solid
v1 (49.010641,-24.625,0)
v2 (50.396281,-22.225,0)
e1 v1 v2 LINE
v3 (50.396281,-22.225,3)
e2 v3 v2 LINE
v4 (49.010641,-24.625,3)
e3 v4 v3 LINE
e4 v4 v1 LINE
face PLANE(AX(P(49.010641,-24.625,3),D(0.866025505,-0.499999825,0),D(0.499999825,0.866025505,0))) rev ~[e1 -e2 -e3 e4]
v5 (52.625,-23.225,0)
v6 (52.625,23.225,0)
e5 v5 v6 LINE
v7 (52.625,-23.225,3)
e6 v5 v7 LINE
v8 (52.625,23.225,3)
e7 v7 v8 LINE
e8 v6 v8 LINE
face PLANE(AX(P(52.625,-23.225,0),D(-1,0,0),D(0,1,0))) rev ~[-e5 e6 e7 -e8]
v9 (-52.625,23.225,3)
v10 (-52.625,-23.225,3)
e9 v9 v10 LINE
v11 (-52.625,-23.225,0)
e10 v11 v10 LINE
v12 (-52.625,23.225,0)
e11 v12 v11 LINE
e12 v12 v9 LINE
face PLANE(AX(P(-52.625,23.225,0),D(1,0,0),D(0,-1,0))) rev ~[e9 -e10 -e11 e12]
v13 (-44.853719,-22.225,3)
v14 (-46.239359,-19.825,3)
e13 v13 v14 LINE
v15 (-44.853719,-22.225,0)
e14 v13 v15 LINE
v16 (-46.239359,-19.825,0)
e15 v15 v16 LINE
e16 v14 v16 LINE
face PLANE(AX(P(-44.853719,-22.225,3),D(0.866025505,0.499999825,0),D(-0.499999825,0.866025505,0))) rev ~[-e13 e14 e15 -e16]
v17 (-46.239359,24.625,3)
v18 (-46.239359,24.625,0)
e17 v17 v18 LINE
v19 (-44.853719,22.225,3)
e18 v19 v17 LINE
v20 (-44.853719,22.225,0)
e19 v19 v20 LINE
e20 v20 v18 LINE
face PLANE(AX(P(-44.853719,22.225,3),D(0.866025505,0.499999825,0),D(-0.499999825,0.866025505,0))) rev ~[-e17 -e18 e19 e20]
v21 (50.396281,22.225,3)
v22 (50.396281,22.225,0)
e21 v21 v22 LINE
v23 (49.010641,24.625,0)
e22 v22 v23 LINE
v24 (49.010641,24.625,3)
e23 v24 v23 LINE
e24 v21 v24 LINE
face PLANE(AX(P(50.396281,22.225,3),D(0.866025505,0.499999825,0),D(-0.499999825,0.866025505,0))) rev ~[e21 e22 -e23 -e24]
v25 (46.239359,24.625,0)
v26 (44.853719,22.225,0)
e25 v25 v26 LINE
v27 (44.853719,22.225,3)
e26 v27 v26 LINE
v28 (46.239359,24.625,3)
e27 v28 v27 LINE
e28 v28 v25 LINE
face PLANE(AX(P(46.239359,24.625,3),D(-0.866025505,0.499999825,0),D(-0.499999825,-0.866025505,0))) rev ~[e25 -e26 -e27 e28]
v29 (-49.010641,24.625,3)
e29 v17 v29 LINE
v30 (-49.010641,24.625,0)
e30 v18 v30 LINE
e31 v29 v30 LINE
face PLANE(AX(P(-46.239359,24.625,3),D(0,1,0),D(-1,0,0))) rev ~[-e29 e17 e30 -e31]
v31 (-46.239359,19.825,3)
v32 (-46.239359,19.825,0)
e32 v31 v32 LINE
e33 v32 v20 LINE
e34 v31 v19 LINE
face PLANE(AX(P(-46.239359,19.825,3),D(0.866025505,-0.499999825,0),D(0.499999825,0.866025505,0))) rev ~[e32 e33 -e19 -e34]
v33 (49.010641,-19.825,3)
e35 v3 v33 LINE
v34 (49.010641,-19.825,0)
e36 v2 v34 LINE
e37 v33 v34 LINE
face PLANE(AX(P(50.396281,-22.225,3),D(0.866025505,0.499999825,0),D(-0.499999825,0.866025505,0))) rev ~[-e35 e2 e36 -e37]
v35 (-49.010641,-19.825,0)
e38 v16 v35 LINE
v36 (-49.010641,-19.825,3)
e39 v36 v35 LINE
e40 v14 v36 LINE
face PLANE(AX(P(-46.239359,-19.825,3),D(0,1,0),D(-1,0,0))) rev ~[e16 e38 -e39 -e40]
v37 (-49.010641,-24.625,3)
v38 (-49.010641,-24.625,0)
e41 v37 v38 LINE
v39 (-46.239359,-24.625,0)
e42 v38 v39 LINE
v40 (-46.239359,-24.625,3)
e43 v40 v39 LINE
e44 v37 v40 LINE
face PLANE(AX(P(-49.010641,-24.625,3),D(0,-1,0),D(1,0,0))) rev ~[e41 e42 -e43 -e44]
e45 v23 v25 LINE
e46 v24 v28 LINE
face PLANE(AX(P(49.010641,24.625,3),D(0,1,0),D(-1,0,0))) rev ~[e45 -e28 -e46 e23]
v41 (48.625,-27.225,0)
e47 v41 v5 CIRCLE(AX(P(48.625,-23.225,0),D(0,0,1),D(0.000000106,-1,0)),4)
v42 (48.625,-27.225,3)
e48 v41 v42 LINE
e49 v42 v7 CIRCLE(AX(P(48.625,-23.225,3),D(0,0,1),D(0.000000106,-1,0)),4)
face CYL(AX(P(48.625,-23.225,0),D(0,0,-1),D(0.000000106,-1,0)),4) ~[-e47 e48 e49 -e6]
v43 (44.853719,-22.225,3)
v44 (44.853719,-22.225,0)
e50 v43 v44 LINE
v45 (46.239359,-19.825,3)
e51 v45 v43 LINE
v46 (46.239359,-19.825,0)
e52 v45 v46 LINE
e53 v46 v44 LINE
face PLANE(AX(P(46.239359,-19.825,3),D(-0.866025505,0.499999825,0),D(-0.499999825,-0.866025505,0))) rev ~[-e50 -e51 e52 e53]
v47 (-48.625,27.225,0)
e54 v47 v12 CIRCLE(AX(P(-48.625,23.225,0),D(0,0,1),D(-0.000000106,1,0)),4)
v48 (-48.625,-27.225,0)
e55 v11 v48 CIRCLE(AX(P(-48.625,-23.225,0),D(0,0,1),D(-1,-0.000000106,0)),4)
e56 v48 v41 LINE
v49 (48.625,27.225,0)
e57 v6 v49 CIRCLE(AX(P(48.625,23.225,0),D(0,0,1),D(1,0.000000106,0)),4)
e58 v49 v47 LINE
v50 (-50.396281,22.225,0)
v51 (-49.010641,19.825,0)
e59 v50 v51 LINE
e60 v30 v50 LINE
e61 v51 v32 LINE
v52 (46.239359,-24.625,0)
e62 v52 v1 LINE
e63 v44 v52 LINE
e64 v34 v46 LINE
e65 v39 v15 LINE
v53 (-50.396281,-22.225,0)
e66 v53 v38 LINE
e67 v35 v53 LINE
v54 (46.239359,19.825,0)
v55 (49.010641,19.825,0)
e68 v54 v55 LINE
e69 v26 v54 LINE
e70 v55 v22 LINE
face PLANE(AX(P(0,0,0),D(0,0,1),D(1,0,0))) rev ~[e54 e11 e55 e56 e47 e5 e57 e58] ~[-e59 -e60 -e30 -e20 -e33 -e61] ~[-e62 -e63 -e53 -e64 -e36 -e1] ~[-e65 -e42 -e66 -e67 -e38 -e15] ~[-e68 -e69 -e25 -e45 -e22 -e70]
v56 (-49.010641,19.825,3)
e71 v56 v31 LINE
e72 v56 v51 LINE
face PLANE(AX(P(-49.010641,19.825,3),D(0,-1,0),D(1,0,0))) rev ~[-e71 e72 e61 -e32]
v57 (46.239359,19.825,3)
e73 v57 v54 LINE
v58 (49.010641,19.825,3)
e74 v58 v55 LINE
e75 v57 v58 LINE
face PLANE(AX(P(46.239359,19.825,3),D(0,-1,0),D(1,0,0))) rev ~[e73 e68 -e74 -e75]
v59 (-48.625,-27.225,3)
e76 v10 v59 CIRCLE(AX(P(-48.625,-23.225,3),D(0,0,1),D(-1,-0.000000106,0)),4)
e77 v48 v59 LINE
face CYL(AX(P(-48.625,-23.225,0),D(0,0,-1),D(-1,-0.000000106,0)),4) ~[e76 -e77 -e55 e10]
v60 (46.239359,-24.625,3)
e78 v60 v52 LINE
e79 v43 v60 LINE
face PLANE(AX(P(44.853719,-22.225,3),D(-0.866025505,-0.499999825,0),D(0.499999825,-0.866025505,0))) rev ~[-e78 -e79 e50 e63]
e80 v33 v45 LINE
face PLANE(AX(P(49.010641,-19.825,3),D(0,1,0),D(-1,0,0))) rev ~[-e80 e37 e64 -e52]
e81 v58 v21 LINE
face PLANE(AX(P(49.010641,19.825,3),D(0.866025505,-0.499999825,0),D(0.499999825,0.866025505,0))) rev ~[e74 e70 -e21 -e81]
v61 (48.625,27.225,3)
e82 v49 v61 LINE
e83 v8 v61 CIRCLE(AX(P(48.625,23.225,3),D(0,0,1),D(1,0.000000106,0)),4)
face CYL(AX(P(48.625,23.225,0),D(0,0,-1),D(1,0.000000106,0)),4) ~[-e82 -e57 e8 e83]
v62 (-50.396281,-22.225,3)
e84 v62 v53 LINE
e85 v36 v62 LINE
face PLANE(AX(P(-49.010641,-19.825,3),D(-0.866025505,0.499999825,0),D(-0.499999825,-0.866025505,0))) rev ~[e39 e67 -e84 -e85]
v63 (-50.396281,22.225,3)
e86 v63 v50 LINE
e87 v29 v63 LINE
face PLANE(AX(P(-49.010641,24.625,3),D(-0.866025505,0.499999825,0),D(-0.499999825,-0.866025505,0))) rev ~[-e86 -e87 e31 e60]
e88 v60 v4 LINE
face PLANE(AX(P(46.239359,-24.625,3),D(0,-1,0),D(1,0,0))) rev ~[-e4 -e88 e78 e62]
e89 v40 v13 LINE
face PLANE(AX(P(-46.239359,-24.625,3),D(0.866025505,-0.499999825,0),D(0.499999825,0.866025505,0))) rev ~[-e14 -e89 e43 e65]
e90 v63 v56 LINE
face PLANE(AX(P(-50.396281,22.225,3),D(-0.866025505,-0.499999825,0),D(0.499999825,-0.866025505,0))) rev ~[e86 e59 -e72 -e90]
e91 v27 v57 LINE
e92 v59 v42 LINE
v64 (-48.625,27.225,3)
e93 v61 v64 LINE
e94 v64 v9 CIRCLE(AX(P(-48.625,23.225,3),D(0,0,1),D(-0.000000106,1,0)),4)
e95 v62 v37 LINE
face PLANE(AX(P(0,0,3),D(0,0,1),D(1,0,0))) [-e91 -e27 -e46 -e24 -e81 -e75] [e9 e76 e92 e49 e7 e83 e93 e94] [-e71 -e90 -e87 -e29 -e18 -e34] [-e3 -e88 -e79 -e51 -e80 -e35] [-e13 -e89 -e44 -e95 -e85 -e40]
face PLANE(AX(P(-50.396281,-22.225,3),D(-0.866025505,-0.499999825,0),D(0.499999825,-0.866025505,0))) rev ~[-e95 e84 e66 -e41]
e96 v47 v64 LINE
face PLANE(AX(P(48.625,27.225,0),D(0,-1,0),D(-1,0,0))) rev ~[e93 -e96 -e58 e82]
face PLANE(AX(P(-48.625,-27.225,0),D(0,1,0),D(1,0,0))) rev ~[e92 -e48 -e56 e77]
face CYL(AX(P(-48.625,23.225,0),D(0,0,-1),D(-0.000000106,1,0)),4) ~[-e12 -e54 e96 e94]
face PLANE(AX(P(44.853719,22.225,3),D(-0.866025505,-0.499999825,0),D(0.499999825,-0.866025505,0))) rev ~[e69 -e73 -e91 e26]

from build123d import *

# Parameters (mm, degrees)
PAD_DEPTH    = 3
POCKET_DEPTH = 3.001


with BuildPart() as part:
    # Sketch → Pad (new body)
    with BuildSketch(Plane.XY):
        with BuildLine():
            Line((-52.625, 23.225), (-52.625, -23.225))
            ThreePointArc((-52.625, -23.225), (-51.453427, -26.053427), (-48.625, -27.225))
            Line((-48.625, -27.225), (48.625, -27.225))
            ThreePointArc((48.625, -27.225), (51.453427, -26.053427), (52.625, -23.225))
            Line((52.625, -23.225), (52.625, 23.225))
            ThreePointArc((52.625, 23.225), (51.453427, 26.053427), (48.625, 27.225))
            Line((48.625, 27.225), (-48.625, 27.225))
            ThreePointArc((-48.625, 27.225), (-51.453427, 26.053427), (-52.625, 23.225))
        make_face()
    extrude(amount=PAD_DEPTH)

    # Sketch001 (on Face10 of Pad) → Pocket (cut, through all)
    with BuildSketch(Plane.XY.offset(3)):
        Polygon((-44.853719, -22.225), (-46.239359, -19.825), (-49.010641, -19.825), (-50.396281, -22.225), (-49.010641, -24.625), (-46.239359, -24.625), align=None)
        Polygon((44.853719, -22.225), (46.239359, -24.625), (49.010641, -24.625), (50.396281, -22.225), (49.010641, -19.825), (46.239359, -19.825), align=None)
        Polygon((44.853719, 22.225), (46.239359, 19.825), (49.010641, 19.825), (50.396281, 22.225), (49.010641, 24.625), (46.239359, 24.625), align=None)
        Polygon((-44.853719, 22.225), (-46.239359, 24.625), (-49.010641, 24.625), (-50.396281, 22.225), (-49.010641, 19.825), (-46.239359, 19.825), align=None)
    extrude(amount=-POCKET_DEPTH, mode=Mode.SUBTRACT)


solid = part.part
